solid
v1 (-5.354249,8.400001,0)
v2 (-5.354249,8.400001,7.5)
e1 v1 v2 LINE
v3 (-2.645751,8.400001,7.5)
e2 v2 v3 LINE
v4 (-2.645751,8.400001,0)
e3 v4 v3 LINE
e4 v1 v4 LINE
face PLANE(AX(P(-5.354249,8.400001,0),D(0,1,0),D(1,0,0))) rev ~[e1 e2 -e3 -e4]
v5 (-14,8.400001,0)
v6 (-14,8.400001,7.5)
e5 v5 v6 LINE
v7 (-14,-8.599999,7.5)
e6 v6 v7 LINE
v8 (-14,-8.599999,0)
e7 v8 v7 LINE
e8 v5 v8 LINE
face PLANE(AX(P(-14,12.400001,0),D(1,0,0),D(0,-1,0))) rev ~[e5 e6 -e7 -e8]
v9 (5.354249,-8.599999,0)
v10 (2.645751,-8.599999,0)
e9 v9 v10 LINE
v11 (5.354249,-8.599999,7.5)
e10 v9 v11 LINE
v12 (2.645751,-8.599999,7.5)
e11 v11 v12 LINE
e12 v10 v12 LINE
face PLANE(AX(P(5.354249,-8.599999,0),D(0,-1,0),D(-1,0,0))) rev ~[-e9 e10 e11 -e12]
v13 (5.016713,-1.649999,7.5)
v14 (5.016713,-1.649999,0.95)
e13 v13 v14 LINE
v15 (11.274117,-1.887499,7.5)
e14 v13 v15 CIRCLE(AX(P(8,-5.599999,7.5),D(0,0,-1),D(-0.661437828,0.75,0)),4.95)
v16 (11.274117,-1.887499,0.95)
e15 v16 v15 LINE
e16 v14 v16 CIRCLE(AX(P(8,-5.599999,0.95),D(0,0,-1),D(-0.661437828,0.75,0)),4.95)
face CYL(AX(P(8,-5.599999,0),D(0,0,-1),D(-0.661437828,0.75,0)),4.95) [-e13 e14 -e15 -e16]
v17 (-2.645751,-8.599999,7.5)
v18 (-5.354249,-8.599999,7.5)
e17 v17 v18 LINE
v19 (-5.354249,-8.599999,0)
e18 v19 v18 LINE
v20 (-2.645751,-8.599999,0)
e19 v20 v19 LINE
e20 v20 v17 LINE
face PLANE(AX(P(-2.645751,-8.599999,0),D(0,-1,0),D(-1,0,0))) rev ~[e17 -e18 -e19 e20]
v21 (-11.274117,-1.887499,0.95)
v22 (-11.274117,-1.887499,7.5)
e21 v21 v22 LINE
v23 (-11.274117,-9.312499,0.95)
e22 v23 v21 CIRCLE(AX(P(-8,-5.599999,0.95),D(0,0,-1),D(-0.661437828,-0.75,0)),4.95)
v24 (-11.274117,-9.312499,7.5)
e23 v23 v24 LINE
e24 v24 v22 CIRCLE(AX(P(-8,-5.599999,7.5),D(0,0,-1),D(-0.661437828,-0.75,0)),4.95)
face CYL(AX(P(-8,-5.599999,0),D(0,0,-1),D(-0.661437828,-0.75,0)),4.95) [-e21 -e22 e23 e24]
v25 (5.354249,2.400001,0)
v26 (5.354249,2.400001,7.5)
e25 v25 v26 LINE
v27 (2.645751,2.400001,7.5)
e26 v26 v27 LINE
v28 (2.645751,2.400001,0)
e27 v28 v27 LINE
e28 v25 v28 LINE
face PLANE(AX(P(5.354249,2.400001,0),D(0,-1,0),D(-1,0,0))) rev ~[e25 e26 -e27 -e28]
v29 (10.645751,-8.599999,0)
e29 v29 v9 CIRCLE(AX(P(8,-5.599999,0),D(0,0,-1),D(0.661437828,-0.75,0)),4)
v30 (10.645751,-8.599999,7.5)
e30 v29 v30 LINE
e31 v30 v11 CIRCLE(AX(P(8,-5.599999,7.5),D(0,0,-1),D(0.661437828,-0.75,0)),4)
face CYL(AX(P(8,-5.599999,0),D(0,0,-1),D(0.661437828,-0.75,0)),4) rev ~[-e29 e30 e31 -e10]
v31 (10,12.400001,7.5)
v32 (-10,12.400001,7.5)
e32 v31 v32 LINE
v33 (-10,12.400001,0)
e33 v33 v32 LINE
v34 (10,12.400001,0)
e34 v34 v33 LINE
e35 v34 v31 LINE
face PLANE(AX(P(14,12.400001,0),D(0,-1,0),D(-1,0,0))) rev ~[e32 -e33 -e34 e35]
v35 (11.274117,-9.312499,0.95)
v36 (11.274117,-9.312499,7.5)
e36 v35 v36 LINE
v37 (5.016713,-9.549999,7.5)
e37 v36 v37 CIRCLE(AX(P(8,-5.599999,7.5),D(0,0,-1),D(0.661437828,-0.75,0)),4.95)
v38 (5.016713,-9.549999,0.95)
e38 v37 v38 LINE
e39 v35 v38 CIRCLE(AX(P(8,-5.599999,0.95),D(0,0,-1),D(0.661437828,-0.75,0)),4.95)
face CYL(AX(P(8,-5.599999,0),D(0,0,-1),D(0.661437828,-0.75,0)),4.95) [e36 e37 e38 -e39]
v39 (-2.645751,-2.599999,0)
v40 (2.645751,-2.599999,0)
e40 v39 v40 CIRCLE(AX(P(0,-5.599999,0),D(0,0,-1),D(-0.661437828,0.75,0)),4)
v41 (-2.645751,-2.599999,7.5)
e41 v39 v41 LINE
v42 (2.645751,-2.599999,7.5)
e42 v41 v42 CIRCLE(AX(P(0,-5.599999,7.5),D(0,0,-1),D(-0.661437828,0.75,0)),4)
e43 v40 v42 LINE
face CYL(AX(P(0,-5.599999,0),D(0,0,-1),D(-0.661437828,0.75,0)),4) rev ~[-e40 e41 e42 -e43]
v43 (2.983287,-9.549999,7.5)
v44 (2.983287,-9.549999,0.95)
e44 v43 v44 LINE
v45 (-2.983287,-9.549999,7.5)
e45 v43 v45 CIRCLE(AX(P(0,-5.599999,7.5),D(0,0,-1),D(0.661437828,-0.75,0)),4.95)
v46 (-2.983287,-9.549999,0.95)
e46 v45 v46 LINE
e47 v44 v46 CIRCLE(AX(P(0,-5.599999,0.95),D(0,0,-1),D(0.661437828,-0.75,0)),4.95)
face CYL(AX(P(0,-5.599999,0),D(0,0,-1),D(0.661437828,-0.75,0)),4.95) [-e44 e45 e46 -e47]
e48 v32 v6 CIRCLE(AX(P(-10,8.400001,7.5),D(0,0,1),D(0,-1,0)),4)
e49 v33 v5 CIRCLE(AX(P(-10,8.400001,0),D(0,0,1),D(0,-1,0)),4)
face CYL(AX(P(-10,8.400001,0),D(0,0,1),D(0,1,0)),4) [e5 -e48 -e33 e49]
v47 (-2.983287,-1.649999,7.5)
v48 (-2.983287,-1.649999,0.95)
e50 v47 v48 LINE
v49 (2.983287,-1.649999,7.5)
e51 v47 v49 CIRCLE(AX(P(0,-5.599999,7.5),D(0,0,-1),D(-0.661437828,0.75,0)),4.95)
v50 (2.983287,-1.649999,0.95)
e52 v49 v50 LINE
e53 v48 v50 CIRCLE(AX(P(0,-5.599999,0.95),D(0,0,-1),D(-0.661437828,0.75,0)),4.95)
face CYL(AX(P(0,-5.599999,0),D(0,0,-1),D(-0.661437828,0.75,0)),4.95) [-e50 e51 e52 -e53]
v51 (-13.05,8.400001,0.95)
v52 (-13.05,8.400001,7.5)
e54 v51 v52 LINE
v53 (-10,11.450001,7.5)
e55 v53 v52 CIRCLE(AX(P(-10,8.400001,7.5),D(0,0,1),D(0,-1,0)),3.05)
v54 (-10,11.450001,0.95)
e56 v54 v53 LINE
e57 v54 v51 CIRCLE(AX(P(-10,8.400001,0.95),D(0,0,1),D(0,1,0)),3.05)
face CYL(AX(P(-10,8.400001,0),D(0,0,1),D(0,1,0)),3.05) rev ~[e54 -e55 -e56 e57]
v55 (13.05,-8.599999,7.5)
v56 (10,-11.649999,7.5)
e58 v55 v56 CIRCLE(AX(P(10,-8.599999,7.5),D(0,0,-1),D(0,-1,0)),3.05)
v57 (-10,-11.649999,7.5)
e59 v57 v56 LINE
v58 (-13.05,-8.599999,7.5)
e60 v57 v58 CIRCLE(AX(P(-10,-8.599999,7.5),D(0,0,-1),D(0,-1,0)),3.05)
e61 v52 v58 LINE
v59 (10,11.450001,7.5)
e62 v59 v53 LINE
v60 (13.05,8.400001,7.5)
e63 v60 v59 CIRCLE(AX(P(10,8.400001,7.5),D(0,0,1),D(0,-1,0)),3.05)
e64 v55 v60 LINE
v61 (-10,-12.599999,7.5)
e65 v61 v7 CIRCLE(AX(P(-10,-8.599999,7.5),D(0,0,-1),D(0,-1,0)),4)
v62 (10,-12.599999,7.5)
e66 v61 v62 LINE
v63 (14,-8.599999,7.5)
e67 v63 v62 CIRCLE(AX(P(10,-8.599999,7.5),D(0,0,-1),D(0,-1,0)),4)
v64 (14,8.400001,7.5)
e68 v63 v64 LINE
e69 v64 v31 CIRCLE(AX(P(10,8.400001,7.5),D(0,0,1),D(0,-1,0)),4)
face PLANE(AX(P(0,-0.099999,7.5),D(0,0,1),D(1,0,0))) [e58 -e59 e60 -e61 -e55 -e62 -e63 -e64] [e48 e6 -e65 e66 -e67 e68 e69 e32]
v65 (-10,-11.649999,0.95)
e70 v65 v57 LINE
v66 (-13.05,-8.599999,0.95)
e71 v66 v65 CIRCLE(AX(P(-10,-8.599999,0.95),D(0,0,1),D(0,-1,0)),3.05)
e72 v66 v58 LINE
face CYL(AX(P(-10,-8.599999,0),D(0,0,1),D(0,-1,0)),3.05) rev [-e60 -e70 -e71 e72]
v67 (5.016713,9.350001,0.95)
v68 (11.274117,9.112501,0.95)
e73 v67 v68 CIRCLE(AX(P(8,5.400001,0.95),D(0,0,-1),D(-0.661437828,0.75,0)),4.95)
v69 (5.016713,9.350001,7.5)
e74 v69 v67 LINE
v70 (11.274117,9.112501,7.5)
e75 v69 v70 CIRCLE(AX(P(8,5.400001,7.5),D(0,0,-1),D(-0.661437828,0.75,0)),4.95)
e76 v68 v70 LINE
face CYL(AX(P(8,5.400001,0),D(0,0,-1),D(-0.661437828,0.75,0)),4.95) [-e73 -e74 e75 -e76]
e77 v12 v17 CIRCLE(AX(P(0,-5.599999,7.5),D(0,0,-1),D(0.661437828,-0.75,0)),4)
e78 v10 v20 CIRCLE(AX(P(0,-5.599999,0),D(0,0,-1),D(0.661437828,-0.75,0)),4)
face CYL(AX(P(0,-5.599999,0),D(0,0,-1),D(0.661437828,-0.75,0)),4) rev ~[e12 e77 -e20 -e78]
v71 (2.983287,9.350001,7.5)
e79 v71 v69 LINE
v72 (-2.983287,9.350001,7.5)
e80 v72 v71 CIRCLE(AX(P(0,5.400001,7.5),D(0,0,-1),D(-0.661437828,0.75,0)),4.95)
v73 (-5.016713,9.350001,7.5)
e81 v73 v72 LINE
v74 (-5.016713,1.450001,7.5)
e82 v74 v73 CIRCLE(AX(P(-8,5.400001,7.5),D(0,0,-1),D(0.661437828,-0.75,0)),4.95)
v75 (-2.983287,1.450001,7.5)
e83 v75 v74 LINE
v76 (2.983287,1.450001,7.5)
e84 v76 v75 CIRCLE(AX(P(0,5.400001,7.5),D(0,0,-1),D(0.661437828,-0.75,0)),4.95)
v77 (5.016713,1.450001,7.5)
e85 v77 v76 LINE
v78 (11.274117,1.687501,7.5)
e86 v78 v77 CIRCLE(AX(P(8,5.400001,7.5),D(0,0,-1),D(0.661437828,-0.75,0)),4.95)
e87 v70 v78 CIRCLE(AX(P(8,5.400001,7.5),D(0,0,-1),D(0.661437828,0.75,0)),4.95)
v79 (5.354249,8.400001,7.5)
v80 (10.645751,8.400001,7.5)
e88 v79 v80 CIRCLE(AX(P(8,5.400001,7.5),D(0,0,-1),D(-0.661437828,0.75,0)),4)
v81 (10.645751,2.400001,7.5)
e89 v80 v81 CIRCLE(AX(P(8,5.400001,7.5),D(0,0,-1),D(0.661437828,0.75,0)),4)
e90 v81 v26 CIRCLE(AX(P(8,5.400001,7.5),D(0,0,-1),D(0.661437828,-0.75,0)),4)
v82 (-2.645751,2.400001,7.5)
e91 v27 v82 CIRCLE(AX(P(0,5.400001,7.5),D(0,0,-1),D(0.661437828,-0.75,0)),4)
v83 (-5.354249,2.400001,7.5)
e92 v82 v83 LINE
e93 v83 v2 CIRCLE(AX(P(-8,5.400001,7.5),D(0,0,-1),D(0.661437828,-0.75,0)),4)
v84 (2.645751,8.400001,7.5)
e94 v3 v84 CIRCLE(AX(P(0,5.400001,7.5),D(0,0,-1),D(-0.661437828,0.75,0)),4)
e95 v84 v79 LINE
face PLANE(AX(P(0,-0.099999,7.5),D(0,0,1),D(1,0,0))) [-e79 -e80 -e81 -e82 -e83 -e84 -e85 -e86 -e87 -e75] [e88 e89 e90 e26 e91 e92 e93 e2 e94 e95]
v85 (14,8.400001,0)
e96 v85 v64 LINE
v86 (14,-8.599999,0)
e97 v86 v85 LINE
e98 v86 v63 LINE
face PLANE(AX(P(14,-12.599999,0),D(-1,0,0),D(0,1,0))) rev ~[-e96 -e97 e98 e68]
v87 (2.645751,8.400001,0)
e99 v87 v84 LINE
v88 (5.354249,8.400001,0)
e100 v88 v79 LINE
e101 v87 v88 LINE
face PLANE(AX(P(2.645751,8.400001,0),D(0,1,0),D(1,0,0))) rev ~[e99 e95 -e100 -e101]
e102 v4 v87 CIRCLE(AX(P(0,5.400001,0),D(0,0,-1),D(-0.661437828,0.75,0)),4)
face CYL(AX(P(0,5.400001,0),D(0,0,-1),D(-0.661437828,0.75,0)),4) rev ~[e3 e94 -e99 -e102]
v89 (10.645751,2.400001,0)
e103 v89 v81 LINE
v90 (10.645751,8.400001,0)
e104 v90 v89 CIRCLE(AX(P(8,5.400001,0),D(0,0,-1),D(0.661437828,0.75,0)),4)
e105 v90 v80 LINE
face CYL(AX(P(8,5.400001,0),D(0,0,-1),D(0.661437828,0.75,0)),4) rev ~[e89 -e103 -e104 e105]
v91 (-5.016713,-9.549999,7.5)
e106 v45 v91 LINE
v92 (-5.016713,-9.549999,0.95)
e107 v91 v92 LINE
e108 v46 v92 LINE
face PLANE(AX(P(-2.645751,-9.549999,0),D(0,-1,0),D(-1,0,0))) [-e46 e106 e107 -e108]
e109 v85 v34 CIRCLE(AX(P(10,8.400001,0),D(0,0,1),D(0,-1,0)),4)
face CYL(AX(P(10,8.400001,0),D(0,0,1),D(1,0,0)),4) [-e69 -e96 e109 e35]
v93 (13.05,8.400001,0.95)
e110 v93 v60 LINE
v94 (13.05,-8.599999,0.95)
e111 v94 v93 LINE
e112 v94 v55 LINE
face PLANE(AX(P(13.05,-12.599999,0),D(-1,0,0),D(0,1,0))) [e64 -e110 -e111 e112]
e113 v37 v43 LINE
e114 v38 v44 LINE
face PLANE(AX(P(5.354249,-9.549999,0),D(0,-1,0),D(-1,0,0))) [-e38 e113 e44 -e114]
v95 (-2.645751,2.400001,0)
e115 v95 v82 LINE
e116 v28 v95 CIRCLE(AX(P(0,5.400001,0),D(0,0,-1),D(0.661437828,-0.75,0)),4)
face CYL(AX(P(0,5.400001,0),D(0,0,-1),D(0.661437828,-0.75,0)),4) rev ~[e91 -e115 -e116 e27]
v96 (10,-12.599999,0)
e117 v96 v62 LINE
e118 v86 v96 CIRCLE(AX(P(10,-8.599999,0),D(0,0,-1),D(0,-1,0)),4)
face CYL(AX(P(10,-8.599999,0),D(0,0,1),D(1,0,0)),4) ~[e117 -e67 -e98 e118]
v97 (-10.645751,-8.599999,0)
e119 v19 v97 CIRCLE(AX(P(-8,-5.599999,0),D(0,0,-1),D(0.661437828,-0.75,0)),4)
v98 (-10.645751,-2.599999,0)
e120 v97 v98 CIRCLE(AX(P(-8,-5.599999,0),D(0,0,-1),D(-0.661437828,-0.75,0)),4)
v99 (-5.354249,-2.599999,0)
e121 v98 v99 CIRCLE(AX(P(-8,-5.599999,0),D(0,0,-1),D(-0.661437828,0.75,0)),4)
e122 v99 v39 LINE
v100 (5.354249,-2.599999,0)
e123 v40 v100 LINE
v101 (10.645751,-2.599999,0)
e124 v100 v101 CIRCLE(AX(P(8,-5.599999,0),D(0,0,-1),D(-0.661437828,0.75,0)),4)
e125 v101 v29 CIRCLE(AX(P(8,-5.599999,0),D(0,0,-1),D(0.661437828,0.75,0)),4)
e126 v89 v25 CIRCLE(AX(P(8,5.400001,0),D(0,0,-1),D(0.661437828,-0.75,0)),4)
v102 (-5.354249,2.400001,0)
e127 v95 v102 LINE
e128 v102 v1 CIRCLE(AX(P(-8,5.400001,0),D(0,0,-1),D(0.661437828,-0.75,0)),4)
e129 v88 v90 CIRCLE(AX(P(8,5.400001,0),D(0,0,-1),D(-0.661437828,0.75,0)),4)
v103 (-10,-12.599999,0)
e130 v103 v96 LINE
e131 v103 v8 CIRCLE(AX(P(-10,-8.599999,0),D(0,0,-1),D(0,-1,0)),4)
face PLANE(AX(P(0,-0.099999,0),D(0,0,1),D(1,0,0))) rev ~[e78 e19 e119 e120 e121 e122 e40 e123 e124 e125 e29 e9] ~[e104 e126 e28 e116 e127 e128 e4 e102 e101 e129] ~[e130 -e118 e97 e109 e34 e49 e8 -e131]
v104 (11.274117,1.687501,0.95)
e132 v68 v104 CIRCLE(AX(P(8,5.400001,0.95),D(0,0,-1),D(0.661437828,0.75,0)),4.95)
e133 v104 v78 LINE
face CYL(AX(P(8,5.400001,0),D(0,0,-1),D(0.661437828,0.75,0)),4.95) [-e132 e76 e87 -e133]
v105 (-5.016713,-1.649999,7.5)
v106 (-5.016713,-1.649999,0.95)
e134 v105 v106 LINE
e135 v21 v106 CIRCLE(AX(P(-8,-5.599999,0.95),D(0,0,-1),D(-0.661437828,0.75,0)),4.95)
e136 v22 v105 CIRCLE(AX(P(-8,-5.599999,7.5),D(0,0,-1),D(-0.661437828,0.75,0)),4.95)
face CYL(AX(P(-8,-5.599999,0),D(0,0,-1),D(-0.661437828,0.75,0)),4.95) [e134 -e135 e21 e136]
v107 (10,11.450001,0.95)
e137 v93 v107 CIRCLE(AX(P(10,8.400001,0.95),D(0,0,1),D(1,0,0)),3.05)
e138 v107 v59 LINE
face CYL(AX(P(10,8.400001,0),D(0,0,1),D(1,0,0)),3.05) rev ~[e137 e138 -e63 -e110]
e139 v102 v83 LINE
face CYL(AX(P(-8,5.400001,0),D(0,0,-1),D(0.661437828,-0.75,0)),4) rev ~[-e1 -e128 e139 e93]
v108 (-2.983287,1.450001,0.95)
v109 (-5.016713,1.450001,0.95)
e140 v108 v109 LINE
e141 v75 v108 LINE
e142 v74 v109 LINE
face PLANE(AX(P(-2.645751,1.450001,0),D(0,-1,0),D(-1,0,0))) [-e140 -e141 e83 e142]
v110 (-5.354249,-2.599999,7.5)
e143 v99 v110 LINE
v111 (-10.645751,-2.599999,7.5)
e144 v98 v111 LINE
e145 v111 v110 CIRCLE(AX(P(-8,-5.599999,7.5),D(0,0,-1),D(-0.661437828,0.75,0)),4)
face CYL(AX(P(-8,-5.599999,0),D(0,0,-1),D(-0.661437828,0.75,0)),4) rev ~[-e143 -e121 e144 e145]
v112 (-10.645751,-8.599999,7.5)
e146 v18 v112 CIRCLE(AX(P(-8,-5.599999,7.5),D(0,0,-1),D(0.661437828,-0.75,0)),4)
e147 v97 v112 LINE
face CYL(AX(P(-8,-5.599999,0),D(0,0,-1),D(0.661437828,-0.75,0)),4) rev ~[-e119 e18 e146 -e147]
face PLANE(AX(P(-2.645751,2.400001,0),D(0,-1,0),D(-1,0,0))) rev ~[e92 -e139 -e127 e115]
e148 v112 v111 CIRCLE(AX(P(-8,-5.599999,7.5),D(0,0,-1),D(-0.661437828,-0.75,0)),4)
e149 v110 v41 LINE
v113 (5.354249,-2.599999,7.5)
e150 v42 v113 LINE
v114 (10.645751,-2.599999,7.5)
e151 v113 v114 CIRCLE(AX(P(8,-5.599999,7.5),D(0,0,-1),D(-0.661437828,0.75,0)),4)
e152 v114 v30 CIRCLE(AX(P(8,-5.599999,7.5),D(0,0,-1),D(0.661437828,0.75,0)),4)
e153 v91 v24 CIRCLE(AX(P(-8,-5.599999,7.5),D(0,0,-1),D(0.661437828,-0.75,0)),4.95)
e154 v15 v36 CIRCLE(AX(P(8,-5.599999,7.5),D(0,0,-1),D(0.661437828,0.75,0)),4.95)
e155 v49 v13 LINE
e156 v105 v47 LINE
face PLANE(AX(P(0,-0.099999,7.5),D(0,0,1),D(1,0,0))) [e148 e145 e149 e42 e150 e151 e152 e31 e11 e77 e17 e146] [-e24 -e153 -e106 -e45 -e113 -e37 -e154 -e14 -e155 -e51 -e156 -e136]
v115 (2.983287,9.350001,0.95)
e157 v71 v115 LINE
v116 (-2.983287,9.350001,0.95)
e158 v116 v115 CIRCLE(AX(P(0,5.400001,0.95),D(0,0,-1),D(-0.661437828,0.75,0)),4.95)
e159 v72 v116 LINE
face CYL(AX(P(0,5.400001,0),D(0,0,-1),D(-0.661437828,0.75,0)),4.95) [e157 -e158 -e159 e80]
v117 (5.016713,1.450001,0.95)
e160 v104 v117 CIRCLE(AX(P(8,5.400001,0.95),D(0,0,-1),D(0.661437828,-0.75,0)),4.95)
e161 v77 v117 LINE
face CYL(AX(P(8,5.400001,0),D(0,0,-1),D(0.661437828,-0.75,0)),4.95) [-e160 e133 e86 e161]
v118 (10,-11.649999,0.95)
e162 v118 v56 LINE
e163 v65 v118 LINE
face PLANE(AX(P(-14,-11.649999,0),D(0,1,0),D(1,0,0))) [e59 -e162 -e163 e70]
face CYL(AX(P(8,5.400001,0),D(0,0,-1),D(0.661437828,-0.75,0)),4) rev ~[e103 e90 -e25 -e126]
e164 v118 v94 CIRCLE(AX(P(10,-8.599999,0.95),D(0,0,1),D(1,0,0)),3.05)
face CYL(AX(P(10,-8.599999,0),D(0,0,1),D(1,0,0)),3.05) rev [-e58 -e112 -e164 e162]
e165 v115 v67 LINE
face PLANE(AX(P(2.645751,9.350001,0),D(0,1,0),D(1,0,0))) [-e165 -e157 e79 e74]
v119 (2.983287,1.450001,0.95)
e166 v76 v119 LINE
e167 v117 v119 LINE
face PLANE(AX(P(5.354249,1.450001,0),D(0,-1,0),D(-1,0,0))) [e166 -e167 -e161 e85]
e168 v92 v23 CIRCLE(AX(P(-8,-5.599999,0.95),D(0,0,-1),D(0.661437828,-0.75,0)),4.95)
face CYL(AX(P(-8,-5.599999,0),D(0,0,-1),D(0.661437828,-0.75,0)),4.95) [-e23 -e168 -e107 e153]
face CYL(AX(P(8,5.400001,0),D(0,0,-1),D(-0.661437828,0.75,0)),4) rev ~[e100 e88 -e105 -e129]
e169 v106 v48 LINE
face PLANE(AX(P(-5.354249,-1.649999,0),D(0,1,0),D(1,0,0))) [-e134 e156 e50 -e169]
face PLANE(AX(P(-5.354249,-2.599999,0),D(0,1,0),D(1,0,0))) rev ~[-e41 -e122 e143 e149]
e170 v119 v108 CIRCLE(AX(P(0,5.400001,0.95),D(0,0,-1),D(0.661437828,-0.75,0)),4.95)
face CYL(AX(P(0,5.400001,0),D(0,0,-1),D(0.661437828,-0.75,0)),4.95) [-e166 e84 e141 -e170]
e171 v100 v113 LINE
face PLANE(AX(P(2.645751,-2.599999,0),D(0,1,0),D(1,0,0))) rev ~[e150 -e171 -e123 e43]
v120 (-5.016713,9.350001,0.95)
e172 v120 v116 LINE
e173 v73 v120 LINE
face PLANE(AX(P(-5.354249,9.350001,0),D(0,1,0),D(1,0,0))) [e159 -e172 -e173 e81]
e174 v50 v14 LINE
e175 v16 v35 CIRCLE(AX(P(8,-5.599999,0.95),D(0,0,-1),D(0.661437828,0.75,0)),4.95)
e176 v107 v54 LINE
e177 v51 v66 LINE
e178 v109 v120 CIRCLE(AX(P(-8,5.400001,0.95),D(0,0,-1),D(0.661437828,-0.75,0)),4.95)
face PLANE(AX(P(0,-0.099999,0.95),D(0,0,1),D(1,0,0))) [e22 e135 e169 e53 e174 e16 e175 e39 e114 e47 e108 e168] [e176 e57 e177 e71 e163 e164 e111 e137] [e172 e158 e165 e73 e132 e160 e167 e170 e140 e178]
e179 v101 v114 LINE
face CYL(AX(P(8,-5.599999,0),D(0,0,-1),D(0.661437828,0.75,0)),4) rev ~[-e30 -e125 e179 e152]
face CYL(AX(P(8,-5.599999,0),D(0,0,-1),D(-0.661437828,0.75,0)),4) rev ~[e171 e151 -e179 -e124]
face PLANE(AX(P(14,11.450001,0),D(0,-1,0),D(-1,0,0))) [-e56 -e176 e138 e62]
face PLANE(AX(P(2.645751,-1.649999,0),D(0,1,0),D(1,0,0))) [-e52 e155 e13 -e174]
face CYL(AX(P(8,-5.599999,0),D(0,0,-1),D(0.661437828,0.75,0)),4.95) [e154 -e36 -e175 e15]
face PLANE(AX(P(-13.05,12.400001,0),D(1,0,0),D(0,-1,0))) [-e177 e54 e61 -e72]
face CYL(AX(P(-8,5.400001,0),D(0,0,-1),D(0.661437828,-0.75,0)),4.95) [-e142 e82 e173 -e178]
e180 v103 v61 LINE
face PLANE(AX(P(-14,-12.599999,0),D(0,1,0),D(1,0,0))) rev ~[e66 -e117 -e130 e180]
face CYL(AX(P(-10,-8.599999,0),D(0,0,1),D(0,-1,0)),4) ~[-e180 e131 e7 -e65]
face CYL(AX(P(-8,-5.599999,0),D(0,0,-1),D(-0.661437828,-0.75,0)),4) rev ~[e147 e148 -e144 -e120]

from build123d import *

# Parameters (mm, degrees)
F1_DEPTH = 7.5
F2_R     = 4
F3_T     = -0.95


with BuildPart() as f1:
    # F0 (on Top) → F1 (new body)
    with BuildSketch(Plane.XY):
        Polygon((-11.2561800848, -12.5999993347), (14, -12.5999993347), (14, 2.4000006653), (14, 8.4000006653), (14, 12.4000006653), (-14, 12.4000006653), (-14, 5.4000006653), (-14, -12.5999993347), align=None)
        with BuildLine():
            ThreePointArc((2.6457513111, -8.5999993347), (0, -9.5999993347), (-2.6457513111, -8.5999993347))
            Line((-2.6457513111, -8.5999993347), (-5.3542486889, -8.5999993347))
            ThreePointArc((-5.3542486889, -8.5999993347), (-8, -9.5999993347), (-10.6457513111, -8.5999993347))
            ThreePointArc((-10.6457513111, -8.5999993347), (-12, -5.5999993347), (-10.6457513111, -2.5999993347))
            ThreePointArc((-10.6457513111, -2.5999993347), (-8, -1.5999993347), (-5.3542486889, -2.5999993347))
            Line((-5.3542486889, -2.5999993347), (-2.6457513111, -2.5999993347))
            ThreePointArc((-2.6457513111, -2.5999993347), (0, -1.5999993347), (2.6457513111, -2.5999993347))
            Line((2.6457513111, -2.5999993347), (5.3542486889, -2.5999993347))
            ThreePointArc((5.3542486889, -2.5999993347), (8, -1.5999993347), (10.6457513111, -2.5999993347))
            ThreePointArc((10.6457513111, -2.5999993347), (12, -5.5999993347), (10.6457513111, -8.5999993347))
            ThreePointArc((10.6457513111, -8.5999993347), (8, -9.5999993347), (5.3542486889, -8.5999993347))
            Line((5.3542486889, -8.5999993347), (2.6457513111, -8.5999993347))
        make_face(mode=Mode.SUBTRACT)
        with BuildLine():
            Line((-2.6457513111, 2.4000006653), (-5.3542486889, 2.4000006653))
            ThreePointArc((-5.3542486889, 2.4000006653), (-12, 5.4000006653), (-5.3542486889, 8.4000006653))
            Line((-5.3542486889, 8.4000006653), (-2.6457513111, 8.4000006653))
            ThreePointArc((-2.6457513111, 8.4000006653), (0, 9.4000006653), (2.6457513111, 8.4000006653))
            Line((2.6457513111, 8.4000006653), (5.3542486889, 8.4000006653))
            ThreePointArc((5.3542486889, 8.4000006653), (8, 9.4000006653), (10.6457513111, 8.4000006653))
            ThreePointArc((10.6457513111, 8.4000006653), (12, 5.4000006653), (10.6457513111, 2.4000006653))
            ThreePointArc((10.6457513111, 2.4000006653), (8, 1.4000006653), (5.3542486889, 2.4000006653))
            Line((5.3542486889, 2.4000006653), (2.6457513111, 2.4000006653))
            ThreePointArc((2.6457513111, 2.4000006653), (0, 1.4000006653), (-2.6457513111, 2.4000006653))
        make_face(mode=Mode.SUBTRACT)
    extrude(amount=F1_DEPTH)

    # F2
    f2_edges = [f1.edges().sort_by_distance(p)[0] for p in [
        (-14, 12.400001, 3.75),
        (14, -12.599999, 3.75),
        (-14, -12.599999, 3.75),
        (14, 12.400001, 3.75),
    ]]
    fillet(f2_edges, radius=F2_R)

    # F3
    f3_openings = [f1.faces().sort_by_distance(p)[0] for p in [
        (0, -0.099999, 7.5),
    ]]
    offset(amount=F3_T, openings=f3_openings)


solid = f1.part
